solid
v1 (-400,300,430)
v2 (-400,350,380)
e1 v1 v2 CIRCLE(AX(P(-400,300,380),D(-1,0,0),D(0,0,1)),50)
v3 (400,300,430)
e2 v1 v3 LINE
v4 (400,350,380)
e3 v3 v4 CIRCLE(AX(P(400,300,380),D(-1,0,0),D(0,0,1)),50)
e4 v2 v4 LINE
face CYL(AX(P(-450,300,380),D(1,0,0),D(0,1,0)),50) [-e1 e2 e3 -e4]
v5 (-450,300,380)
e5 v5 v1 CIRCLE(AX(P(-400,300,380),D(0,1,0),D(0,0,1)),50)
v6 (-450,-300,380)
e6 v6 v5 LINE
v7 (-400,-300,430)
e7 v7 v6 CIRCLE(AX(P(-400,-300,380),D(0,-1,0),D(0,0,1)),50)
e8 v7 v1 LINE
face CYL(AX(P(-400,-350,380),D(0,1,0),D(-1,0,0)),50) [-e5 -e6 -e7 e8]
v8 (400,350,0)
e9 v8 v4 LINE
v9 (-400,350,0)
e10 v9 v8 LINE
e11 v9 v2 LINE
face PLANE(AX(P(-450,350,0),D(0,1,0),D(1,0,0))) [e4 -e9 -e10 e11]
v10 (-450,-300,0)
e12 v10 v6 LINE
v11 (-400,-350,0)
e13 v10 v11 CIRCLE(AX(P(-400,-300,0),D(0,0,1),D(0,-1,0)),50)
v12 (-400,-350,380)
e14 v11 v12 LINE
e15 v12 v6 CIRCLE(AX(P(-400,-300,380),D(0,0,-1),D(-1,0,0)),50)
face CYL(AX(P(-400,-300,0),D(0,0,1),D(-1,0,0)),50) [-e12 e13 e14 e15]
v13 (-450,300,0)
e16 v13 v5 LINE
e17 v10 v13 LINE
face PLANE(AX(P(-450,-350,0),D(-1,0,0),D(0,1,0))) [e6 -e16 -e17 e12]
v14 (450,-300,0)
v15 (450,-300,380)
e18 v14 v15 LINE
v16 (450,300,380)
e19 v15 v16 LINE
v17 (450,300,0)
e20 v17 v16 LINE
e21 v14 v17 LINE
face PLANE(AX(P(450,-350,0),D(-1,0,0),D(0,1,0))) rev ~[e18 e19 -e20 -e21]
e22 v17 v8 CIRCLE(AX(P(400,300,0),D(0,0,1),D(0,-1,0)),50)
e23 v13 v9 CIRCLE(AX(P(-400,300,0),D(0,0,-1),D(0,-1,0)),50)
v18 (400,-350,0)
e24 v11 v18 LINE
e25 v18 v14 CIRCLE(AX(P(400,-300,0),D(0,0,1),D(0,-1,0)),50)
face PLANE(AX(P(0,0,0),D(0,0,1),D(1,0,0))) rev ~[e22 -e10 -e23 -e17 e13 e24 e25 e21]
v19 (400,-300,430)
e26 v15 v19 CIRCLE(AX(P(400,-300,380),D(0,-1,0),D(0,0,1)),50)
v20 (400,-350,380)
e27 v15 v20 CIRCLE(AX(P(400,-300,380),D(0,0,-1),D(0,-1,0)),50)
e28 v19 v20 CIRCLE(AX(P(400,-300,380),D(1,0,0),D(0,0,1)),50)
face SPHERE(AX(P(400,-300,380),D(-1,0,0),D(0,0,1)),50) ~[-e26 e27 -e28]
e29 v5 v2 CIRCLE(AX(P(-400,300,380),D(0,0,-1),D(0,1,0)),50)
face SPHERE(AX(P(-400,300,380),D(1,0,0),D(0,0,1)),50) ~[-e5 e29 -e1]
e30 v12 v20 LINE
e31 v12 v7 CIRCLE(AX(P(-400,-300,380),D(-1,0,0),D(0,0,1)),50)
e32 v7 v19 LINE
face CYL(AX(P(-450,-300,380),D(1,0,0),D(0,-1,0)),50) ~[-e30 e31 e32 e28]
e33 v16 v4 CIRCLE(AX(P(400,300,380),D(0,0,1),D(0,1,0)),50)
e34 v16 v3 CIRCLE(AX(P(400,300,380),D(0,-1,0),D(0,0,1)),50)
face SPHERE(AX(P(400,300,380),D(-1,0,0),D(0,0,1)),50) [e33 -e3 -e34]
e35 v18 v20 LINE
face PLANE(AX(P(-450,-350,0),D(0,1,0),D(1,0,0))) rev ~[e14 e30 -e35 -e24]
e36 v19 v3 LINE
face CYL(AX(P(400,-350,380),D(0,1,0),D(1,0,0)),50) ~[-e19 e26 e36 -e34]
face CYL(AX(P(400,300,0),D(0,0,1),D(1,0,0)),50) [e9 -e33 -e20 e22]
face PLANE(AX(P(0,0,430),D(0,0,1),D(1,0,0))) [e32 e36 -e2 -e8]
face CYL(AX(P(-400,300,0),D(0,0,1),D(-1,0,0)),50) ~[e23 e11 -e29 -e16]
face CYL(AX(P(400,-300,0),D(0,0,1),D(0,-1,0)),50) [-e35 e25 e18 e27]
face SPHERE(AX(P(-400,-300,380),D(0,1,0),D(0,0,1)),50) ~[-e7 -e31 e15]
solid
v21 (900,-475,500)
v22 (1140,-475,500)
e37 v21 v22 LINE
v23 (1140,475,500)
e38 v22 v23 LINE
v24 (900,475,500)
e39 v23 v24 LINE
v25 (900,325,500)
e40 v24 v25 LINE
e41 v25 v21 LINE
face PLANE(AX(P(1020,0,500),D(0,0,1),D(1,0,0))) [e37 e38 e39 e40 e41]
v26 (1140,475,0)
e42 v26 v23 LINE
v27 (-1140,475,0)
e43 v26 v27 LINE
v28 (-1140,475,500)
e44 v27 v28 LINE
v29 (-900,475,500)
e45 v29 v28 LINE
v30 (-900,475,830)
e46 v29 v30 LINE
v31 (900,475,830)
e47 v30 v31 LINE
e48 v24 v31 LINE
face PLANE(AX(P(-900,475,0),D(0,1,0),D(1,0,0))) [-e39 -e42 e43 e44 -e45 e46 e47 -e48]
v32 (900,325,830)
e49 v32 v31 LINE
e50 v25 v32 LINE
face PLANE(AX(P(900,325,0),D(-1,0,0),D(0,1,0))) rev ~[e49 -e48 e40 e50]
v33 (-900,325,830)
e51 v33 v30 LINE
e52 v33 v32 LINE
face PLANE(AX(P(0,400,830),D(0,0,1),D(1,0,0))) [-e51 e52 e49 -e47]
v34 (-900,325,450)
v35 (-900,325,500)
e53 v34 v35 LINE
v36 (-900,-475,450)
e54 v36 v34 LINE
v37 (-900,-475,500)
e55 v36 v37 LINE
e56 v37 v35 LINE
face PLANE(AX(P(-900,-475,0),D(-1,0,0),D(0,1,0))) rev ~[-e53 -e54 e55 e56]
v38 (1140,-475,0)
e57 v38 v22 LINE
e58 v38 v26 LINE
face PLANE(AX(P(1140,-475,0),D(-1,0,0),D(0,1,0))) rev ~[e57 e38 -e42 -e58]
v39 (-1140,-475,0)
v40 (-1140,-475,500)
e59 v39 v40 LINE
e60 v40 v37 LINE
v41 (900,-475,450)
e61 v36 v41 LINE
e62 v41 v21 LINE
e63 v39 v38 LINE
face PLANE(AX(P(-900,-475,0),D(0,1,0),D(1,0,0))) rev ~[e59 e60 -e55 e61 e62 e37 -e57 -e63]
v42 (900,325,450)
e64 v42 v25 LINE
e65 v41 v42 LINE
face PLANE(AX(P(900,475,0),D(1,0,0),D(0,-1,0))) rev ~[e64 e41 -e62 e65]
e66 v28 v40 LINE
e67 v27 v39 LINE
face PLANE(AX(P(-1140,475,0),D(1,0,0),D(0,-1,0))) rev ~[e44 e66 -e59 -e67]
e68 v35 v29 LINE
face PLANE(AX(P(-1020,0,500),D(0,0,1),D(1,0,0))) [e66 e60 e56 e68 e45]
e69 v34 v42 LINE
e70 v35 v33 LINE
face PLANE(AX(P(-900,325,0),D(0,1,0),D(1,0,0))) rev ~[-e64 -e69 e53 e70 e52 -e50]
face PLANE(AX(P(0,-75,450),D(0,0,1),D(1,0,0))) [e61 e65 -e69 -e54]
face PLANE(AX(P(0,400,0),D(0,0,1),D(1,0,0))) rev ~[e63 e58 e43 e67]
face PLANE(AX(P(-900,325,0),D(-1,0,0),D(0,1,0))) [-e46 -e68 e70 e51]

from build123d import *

# Parameters (mm, degrees)
F1_DEPTH = 500
F0_W     = 1800
F0_H     = 800
F2_DEPTH = 450
F0_H_2   = 150
F3_DEPTH = 830
F4_W     = 900
F4_H     = 700
F5_DEPTH = 430
F6_R     = 50


with BuildPart() as f1:
    # F0 (on Top) → F1 (new body)
    with BuildSketch(Plane.XY):
        Polygon((-1140, 475), (-1140, -475), (-900, -475), (-900, 325), (-900, 475), align=None)
        Polygon((900, 325), (900, -475), (1140, -475), (1140, 475), (900, 475), align=None)
    extrude(amount=F1_DEPTH)

    # F0 (on Top) → F2 (join)
    with BuildSketch(Plane.XY):
        with Locations((0, -75)):
            Rectangle(F0_W, F0_H)
    extrude(amount=F2_DEPTH)

    # F0 (on Top) → F3 (join)
    with BuildSketch(Plane.XY):
        with Locations((0, 400)):
            Rectangle(F0_W, F0_H_2)
    extrude(amount=F3_DEPTH)


with BuildPart() as f5:
    # F4 (on Top) → F5 (new body)
    with BuildSketch(Plane.XY):
        Rectangle(F4_W, F4_H)
    extrude(amount=F5_DEPTH)

    # F6
    f6_edges = [f5.edges().sort_by_distance(p)[0] for p in [
        (0, 350, 430),
        (-450, 0, 430),
        (0, -350, 430),
        (450, 0, 430),
        (-450, -350, 215),
        (450, -350, 215),
        (450, 350, 215),
        (-450, 350, 215),
    ]]
    fillet(f6_edges, radius=F6_R)


solid = Compound([f1.part, f5.part])
